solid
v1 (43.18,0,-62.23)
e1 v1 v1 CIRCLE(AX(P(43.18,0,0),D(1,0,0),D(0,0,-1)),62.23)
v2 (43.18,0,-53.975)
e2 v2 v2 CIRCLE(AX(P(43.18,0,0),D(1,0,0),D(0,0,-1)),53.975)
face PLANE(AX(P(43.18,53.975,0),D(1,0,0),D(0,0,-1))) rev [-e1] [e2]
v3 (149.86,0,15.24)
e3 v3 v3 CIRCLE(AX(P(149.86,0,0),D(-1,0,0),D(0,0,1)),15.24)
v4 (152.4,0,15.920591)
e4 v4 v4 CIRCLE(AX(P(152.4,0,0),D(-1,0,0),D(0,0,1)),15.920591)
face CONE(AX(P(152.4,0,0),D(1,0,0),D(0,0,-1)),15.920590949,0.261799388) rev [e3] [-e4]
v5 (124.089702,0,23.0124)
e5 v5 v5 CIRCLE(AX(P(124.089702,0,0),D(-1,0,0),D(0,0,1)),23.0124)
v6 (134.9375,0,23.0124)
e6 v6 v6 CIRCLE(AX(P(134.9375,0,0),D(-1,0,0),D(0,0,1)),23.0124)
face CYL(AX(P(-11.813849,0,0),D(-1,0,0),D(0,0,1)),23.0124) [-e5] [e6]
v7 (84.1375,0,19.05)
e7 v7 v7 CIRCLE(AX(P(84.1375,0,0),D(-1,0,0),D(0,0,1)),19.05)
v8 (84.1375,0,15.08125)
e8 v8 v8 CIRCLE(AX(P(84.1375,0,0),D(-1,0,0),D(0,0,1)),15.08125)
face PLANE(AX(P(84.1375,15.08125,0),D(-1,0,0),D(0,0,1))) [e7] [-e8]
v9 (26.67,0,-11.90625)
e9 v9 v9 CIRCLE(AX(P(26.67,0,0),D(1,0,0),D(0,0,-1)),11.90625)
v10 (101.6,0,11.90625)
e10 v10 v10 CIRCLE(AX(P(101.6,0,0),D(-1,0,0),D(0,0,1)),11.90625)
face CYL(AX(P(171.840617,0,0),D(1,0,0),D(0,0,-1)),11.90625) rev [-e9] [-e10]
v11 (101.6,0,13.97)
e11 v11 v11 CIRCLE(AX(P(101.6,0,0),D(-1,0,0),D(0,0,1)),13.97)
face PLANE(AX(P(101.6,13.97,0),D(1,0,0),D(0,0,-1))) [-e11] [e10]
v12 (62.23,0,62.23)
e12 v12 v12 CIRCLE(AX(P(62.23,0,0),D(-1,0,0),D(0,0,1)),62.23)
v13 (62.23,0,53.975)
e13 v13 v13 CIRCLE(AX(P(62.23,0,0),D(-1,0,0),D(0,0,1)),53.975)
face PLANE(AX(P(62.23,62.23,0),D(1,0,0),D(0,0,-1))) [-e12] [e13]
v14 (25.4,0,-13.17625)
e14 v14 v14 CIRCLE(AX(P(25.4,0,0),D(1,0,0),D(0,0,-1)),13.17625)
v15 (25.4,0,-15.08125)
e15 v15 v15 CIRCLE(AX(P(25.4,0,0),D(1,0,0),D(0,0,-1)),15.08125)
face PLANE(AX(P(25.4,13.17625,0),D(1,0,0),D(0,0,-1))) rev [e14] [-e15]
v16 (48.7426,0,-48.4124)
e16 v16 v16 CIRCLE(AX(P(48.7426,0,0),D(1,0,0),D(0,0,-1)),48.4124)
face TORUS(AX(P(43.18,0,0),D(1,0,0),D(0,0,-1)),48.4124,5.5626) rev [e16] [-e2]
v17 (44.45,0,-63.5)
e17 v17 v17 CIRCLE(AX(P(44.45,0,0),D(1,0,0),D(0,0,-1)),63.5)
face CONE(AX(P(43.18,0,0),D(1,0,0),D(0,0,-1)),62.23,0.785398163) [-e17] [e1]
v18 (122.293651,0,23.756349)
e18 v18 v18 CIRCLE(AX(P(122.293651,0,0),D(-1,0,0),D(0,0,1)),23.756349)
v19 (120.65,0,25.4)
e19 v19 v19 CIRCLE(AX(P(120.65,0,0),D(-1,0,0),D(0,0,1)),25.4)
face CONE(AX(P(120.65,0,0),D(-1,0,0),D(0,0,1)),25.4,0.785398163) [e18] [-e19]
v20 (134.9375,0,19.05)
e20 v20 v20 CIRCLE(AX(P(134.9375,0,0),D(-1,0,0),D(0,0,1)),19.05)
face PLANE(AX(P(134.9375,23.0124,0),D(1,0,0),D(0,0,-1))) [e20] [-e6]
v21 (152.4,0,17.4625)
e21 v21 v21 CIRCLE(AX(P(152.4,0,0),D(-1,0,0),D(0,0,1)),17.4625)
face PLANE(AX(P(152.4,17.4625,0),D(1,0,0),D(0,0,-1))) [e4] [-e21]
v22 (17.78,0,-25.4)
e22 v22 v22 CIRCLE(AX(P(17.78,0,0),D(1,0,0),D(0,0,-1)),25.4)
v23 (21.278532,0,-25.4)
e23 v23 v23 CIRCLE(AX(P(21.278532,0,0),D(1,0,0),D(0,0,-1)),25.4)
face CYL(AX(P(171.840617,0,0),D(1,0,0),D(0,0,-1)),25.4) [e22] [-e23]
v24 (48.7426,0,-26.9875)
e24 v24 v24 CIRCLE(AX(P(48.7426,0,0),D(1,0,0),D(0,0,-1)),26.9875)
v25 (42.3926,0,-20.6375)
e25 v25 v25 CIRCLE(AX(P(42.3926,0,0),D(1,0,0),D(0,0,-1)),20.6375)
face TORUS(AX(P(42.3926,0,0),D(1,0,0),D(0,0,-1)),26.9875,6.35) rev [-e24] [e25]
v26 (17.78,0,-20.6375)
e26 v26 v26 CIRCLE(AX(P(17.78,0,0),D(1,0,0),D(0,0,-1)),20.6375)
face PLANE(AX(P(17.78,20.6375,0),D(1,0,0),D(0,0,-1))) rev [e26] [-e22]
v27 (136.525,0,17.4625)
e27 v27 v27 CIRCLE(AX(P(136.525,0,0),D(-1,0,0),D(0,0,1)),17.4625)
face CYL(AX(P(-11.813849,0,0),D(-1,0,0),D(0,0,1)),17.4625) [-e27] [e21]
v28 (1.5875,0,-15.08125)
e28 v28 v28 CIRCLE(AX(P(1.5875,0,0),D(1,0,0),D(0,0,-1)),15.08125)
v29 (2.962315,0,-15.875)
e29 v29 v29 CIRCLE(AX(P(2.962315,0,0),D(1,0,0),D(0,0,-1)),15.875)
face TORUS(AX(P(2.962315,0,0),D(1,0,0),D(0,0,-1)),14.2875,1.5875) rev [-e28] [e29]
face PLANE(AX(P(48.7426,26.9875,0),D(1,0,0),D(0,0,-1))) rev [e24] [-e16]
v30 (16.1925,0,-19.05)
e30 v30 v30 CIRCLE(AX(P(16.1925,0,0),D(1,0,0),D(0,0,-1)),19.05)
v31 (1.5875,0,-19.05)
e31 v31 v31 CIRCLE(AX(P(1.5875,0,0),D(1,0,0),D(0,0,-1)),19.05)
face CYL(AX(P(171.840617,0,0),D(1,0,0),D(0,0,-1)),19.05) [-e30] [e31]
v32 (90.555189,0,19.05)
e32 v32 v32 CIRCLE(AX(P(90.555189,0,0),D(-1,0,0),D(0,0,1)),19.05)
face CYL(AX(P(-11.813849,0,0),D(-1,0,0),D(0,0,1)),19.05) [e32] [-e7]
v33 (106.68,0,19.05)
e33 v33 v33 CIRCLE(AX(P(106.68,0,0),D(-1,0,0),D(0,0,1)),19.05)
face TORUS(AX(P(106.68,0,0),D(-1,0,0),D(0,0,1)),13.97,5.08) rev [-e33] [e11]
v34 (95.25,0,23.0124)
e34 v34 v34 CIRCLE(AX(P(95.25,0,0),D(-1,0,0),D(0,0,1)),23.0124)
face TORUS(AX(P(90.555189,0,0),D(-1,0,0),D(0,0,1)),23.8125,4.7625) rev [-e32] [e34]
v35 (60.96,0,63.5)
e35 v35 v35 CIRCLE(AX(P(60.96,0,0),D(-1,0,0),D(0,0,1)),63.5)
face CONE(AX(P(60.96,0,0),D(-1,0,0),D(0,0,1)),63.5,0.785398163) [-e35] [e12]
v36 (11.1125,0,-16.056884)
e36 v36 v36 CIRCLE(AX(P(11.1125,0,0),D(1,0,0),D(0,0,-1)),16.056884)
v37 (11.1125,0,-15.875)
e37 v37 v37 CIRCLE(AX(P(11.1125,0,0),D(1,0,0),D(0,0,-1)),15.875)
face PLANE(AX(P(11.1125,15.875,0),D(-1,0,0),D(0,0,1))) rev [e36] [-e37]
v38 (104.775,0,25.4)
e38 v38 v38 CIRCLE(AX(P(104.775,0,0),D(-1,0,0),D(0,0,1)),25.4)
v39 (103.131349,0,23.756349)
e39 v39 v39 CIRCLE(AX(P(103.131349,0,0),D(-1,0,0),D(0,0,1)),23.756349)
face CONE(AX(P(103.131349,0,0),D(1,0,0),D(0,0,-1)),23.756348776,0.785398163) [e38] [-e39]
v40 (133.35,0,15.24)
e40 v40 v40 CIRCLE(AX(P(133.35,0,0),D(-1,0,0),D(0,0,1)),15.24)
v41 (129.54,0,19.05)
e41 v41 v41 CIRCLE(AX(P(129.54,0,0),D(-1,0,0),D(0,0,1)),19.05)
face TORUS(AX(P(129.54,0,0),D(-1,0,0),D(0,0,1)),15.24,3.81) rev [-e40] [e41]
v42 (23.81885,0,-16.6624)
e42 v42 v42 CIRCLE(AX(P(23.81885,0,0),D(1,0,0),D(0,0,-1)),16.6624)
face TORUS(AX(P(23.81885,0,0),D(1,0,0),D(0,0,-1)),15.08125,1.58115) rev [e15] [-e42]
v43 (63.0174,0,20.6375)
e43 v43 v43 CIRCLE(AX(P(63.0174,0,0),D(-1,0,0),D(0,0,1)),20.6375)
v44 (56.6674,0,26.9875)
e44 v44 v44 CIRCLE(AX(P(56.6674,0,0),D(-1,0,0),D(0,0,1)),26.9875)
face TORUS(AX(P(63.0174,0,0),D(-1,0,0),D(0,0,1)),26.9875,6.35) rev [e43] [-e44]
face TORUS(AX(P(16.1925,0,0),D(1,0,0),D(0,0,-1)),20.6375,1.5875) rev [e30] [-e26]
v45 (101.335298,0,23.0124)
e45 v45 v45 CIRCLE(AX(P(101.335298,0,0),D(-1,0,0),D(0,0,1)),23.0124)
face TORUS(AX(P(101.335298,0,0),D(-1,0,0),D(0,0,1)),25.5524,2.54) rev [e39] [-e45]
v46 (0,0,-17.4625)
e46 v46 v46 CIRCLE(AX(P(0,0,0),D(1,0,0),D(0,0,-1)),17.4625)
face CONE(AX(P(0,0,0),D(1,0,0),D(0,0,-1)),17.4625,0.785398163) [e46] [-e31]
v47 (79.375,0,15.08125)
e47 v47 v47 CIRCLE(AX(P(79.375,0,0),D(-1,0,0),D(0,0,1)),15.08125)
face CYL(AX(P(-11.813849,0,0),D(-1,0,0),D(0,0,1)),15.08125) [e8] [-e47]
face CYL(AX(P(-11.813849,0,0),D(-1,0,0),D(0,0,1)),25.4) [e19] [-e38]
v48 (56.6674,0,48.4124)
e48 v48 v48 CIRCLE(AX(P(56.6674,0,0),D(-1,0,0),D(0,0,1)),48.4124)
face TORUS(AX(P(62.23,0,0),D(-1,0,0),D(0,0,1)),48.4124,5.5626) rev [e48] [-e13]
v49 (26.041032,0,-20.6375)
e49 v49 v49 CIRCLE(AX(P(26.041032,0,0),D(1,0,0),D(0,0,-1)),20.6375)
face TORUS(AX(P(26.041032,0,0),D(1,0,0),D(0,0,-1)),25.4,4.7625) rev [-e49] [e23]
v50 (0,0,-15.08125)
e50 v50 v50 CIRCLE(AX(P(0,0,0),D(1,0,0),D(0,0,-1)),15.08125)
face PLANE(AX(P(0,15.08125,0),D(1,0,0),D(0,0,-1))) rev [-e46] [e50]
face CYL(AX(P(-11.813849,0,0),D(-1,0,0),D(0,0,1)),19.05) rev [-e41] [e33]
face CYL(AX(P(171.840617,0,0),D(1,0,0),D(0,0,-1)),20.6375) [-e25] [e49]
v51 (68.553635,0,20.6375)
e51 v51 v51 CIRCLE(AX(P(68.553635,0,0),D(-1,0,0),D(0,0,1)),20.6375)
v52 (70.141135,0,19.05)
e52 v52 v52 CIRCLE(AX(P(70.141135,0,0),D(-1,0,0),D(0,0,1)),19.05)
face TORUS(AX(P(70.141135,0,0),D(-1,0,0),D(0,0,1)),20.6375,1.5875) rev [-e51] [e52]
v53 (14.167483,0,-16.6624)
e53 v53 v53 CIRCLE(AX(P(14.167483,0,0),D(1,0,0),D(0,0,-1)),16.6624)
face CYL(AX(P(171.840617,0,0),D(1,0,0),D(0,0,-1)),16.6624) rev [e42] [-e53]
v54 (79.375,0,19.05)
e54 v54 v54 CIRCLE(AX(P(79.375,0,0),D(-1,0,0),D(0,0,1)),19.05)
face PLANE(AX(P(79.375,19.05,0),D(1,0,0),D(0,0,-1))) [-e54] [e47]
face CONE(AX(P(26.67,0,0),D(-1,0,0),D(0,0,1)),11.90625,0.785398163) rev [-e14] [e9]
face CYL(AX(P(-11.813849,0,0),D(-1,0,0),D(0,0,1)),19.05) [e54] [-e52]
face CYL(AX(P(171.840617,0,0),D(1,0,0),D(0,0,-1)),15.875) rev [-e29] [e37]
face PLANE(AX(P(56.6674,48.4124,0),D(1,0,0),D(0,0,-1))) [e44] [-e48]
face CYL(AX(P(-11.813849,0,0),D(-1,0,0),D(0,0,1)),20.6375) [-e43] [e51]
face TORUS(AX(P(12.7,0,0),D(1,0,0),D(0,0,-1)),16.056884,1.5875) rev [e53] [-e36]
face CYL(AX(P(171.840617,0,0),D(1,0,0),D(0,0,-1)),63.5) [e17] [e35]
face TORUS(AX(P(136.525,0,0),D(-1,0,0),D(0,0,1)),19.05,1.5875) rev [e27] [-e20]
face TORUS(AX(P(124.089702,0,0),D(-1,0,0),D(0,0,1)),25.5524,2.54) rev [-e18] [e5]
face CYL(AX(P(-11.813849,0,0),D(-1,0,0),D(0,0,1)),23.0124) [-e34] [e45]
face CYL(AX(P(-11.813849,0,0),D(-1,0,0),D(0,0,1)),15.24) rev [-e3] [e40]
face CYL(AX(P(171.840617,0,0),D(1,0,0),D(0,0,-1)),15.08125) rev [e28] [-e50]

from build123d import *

# Parameters (mm, degrees)
SKETCH2_W = 165.1
SKETCH2_H = 69.85


with BuildPart() as part:
    # Sketch2 → Stock (revolve)
    with BuildSketch(Plane.XY, mode=Mode.PRIVATE) as stock_sk:
        with Locations((76.2, 34.925)):
            Rectangle(SKETCH2_W, SKETCH2_H)
    revolve(stock_sk.sketch.rotate(Axis((-19.925556777, 0, 0), (1, 0, 0)), 90), axis=Axis((-19.925556777, 0, 0), (1, 0, 0)))

    # Sketch3 → Cut-Revolve1 (revolve, cut)
    with BuildSketch(Plane.XY, mode=Mode.PRIVATE) as cut_revolve1_sk:
        with BuildLine():
            Line((67.1973878, 66.070896877), (153.302004357, 66.070896877))
            Line((153.302004357, 66.070896877), (154.572004357, 64.800896877))
            Line((154.572004357, 64.800896877), (154.572004357, 0))
            Line((154.572004357, 0), (158.75, 0))
            Line((158.75, 0), (158.75, 69.85))
            Line((158.75, 69.85), (66.3083878, 69.85))
            Line((66.3083878, 69.85), (66.3083878, 66.959896877))
            ThreePointArc((66.3083878, 66.959896877), (66.568769871, 66.331278949), (67.1973878, 66.070896877))
        make_face()
    revolve(cut_revolve1_sk.sketch.rotate(Axis((-15.107189542, 0, 0), (1, 0, 0)), 90), axis=Axis((-15.107189542, 0, 0), (1, 0, 0)), mode=Mode.SUBTRACT)

    # Sketch4 → Cut-Revolve3 (revolve, cut)
    with BuildSketch(Plane.XY, mode=Mode.PRIVATE) as cut_revolve3_sk:
        with BuildLine():
            Line((44.45, 63.5), (69.558204357, 63.5))
            ThreePointArc((69.558204357, 63.5), (70.186822286, 63.760382072), (70.447204357, 64.389))
            Line((70.447204357, 64.389), (70.447204357, 66.070896877))
            Line((70.447204357, 66.070896877), (67.1973878, 66.070896877))
            ThreePointArc((67.1973878, 66.070896877), (66.568769871, 66.331278949), (66.3083878, 66.959896877))
            Line((66.3083878, 66.959896877), (66.3083878, 69.85))
            Line((66.3083878, 69.85), (-6.35, 69.85))
            Line((-6.35, 69.85), (-6.35, 0))
            Line((-6.35, 0), (115.103996745, 0))
            Line((115.103996745, 0), (107.95, 11.90625))
            Line((107.95, 11.90625), (26.67, 11.90625))
            Line((26.67, 11.90625), (25.4, 13.17625))
            Line((25.4, 13.17625), (25.4, 15.08125))
            ThreePointArc((25.4, 15.08125), (24.936891887, 16.199291887), (23.81885, 16.6624))
            Line((23.81885, 16.6624), (14.167482909, 16.6624))
            ThreePointArc((14.167482909, 16.6624), (12.391352036, 17.614090251), (11.1125, 16.056883558))
            Line((11.1125, 16.056883558), (11.1125, 15.875))
            Line((11.1125, 15.875), (2.962315329, 15.875))
            ThreePointArc((2.962315329, 15.875), (2.168565329, 15.662315329), (1.5875, 15.08125))
            Line((1.5875, 15.08125), (0, 15.08125))
            Line((0, 15.08125), (0, 17.4625))
            Line((0, 17.4625), (1.5875, 19.05))
            Line((1.5875, 19.05), (16.1925, 19.05))
            ThreePointArc((16.1925, 19.05), (17.315032015, 19.514967985), (17.78, 20.6375))
            Line((17.78, 20.6375), (17.78, 25.4))
            Line((17.78, 25.4), (21.278531992, 25.4))
            ThreePointArc((21.278531992, 25.4), (22.673435947, 22.032403955), (26.041031992, 20.6375))
            Line((26.041031992, 20.6375), (42.3926, 20.6375))
            ThreePointArc((42.3926, 20.6375), (46.882728061, 22.497371939), (48.7426, 26.9875))
            Line((48.7426, 26.9875), (48.7426, 48.4124))
            ThreePointArc((48.7426, 48.4124), (47.113352181, 52.345752181), (43.18, 53.975))
            Line((43.18, 53.975), (43.18, 62.23))
            Line((43.18, 62.23), (44.45, 63.5))
        make_face()
    revolve(cut_revolve3_sk.sketch.rotate(Axis((171.840617082, 0, 0), (-1, 0, 0)), 90), axis=Axis((171.840617082, 0, 0), (-1, 0, 0)), mode=Mode.SUBTRACT)

    # Sketch5 → Cut-Revolve4 (revolve, cut)
    with BuildSketch(Plane.XY, mode=Mode.PRIVATE) as cut_revolve4_sk:
        with BuildLine():
            Line((101.6, 13.97), (101.6, 11.90625))
            Line((101.6, 11.90625), (107.95, 11.90625))
            Line((107.95, 11.90625), (115.103996745, 0))
            Line((115.103996745, 0), (154.572004357, 0))
            Line((154.572004357, 0), (154.572004357, 64.800896877))
            Line((154.572004357, 64.800896877), (153.302004357, 66.070896877))
            Line((153.302004357, 66.070896877), (70.447204357, 66.070896877))
            Line((70.447204357, 66.070896877), (70.447204357, 64.389))
            ThreePointArc((70.447204357, 64.389), (70.186822286, 63.760382072), (69.558204357, 63.5))
            Line((69.558204357, 63.5), (60.96, 63.5))
            Line((60.96, 63.5), (62.23, 62.23))
            Line((62.23, 62.23), (62.23, 53.975))
            ThreePointArc((62.23, 53.975), (58.296647819, 52.345752181), (56.6674, 48.4124))
            Line((56.6674, 48.4124), (56.6674, 26.9875))
            ThreePointArc((56.6674, 26.9875), (58.527271939, 22.497371939), (63.0174, 20.6375))
            Line((63.0174, 20.6375), (68.553634832, 20.6375))
            ThreePointArc((68.553634832, 20.6375), (69.018602816, 19.514967985), (70.141134832, 19.05))
            Line((70.141134832, 19.05), (79.375, 19.05))
            Line((79.375, 19.05), (79.375, 15.08125))
            Line((79.375, 15.08125), (84.1375, 15.08125))
            Line((84.1375, 15.08125), (84.1375, 19.05))
            Line((84.1375, 19.05), (90.555189435, 19.05))
            ThreePointArc((90.555189435, 19.05), (93.626909637, 20.17300261), (95.25, 23.0124))
            Line((95.25, 23.0124), (101.335297552, 23.0124))
            ThreePointArc((101.335297552, 23.0124), (102.30731347, 23.205745987), (103.131348776, 23.756348776))
            Line((103.131348776, 23.756348776), (104.775, 25.4))
            Line((104.775, 25.4), (120.65, 25.4))
            Line((120.65, 25.4), (122.293651224, 23.756348776))
            ThreePointArc((122.293651224, 23.756348776), (123.11768653, 23.205745987), (124.089702448, 23.0124))
            Line((124.089702448, 23.0124), (134.9375, 23.0124))
            Line((134.9375, 23.0124), (134.9375, 19.05))
            ThreePointArc((134.9375, 19.05), (135.402467985, 17.927467985), (136.525, 17.4625))
            Line((136.525, 17.4625), (152.4, 17.4625))
            Line((152.4, 17.4625), (152.4, 15.920590949))
            Line((152.4, 15.920590949), (149.86, 15.24))
            Line((149.86, 15.24), (133.35, 15.24))
            ThreePointArc((133.35, 15.24), (132.234076836, 17.934076836), (129.54, 19.05))
            Line((129.54, 19.05), (106.68, 19.05))
            ThreePointArc((106.68, 19.05), (103.087897552, 17.562102448), (101.6, 13.97))
        make_face()
    revolve(cut_revolve4_sk.sketch.rotate(Axis((-11.813849318, 0, 0), (1, 0, 0)), 90), axis=Axis((-11.813849318, 0, 0), (1, 0, 0)), mode=Mode.SUBTRACT)


solid = part.part
